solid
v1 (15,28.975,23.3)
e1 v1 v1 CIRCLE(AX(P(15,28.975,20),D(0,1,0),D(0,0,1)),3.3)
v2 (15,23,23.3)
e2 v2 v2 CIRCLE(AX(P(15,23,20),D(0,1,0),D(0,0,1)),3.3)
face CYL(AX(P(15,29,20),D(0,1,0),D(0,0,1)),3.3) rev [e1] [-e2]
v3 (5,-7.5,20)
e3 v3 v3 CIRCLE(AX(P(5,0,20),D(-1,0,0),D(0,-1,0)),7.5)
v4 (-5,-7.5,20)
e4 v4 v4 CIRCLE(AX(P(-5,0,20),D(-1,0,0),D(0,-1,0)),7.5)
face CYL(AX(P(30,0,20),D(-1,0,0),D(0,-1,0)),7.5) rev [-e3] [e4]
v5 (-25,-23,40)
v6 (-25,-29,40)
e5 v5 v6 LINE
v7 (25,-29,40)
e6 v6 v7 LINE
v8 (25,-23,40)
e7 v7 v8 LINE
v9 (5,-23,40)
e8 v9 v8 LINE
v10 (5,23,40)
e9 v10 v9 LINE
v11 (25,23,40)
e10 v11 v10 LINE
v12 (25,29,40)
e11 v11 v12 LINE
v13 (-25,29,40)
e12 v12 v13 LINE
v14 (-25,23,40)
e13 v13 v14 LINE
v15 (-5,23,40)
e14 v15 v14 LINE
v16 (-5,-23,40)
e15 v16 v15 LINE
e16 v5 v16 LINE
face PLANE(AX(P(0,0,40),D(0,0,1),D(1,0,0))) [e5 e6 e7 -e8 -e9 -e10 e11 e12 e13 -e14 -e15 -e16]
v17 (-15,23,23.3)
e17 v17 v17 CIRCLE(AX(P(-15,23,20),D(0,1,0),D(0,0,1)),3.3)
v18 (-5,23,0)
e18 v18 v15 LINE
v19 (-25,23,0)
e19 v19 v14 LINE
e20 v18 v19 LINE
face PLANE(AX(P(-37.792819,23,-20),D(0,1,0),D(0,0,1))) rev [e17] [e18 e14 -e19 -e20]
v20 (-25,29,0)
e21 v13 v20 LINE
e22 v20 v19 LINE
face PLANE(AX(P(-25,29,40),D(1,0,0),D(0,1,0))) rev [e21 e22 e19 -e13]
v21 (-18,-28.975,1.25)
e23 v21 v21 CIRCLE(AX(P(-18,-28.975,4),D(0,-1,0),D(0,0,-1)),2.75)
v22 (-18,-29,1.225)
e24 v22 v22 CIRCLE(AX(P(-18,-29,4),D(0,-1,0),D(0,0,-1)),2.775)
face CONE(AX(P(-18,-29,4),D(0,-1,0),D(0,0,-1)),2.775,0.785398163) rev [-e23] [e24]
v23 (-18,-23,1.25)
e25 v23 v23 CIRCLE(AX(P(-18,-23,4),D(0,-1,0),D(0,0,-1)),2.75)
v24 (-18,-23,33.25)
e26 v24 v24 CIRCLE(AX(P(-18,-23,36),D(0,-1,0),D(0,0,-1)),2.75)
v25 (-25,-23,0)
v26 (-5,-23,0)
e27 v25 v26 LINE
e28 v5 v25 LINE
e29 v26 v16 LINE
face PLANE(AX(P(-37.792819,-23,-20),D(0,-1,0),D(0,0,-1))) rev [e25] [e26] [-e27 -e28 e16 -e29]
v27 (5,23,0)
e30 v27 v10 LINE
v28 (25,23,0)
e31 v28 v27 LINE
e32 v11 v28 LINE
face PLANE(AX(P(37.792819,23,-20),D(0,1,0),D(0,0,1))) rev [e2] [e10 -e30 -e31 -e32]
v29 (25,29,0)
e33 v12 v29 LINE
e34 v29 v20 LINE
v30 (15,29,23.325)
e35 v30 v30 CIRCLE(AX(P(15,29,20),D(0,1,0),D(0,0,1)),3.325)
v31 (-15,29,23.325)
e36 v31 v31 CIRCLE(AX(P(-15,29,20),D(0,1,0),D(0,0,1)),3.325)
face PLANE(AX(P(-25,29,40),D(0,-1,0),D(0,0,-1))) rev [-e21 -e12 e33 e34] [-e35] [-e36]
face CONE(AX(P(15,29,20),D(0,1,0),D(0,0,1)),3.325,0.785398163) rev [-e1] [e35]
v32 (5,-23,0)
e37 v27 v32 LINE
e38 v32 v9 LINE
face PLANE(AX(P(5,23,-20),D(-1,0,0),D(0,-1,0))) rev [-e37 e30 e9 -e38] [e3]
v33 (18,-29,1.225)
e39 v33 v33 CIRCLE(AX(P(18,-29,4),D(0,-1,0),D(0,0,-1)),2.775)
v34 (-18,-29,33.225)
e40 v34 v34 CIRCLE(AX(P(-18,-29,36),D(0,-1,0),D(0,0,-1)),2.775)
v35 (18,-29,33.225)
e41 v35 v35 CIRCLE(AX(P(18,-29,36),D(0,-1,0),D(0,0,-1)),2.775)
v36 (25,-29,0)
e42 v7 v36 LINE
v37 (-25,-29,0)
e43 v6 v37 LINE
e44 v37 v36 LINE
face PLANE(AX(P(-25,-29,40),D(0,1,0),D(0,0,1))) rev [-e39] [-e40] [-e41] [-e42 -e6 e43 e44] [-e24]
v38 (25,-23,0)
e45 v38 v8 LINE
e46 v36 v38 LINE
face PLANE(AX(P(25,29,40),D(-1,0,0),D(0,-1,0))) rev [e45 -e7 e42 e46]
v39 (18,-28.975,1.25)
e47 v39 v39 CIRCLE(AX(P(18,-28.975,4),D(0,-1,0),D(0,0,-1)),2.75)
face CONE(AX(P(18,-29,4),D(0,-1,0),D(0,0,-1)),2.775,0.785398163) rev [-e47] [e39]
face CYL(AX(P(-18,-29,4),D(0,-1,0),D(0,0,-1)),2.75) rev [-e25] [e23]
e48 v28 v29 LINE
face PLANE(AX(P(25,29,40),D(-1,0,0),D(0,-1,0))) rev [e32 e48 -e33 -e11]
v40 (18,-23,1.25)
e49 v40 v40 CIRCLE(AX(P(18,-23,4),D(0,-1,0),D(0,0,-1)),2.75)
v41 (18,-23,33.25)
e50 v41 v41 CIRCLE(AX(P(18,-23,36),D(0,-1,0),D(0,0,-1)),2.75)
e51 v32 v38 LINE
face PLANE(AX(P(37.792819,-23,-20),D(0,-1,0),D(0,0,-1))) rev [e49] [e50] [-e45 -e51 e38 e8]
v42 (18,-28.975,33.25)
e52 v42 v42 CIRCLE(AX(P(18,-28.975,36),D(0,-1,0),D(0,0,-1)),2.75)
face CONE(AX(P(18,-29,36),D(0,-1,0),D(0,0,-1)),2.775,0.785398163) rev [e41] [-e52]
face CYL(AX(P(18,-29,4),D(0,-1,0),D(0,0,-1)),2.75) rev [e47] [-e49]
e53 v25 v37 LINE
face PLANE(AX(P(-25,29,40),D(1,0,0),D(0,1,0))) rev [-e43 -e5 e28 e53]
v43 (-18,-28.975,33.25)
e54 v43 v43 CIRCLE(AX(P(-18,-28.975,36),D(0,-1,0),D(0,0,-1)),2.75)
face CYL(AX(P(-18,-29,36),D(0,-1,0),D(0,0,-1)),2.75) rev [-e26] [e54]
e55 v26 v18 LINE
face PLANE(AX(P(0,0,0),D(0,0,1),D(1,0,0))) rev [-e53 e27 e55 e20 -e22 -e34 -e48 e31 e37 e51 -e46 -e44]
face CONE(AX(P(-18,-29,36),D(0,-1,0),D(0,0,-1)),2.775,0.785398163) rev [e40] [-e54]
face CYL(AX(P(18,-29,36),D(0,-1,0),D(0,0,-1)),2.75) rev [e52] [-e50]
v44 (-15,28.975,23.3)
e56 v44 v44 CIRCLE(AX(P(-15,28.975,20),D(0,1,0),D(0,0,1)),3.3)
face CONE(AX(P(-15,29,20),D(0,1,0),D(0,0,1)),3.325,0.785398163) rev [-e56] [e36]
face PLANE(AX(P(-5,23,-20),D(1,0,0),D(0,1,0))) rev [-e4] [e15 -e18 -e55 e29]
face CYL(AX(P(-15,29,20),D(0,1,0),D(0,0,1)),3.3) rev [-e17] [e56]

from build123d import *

# Parameters (mm, degrees)
SKETCH_1_W                   = 50
SKETCH_1_H                   = 58
EXTRUDE_1_DEPTH              = 40
SKETCH_2_W                   = 32.792818714
SKETCH_2_H                   = 46
CUT_EXTRUDE_1_DEPTH          = 60
SKETCH_3_R                   = 7.5
CUT_EXTRUDE_2_DEPTH          = 35
HOLE_WIZARD_M5_1_D           = 5.5
HOLE_WIZARD_M5_1_DEPTH       = 17
HOLE_WIZARD_M5_1_CSINK_D     = 5.55
HOLE_WIZARD_M5_1_CSINK_ANGLE = 90
HOLE_WIZARD_M5_1_TIP         = 1.652366702
HOLE_WIZARD_M6_1_D           = 6.6
HOLE_WIZARD_M6_1_DEPTH       = 17
HOLE_WIZARD_M6_1_CSINK_D     = 6.65
HOLE_WIZARD_M6_1_CSINK_ANGLE = 90
HOLE_WIZARD_M6_1_TIP         = 1.982840043


with BuildPart() as part:
    # 草图1 → 凸台-拉伸1 (new body)
    with BuildSketch(Plane.XY):
        Rectangle(SKETCH_1_W, SKETCH_1_H)
    extrude(amount=EXTRUDE_1_DEPTH)

    # 草图2 → 切除-拉伸1 (cut)
    with BuildSketch(Plane.XY.offset(40)):
        with Locations((-21.396409357, 0)):
            Rectangle(SKETCH_2_W, SKETCH_2_H)
        with Locations((21.396409357, 0)):
            Rectangle(SKETCH_2_W, SKETCH_2_H)
    extrude(amount=-CUT_EXTRUDE_1_DEPTH, mode=Mode.SUBTRACT)

    # 草图3 → 切除-拉伸2 (cut)
    with BuildSketch(Plane.ZY.offset(5)):
        with Locations((20, 0)):
            Circle(SKETCH_3_R)
    extrude(amount=-CUT_EXTRUDE_2_DEPTH, mode=Mode.SUBTRACT)

    # M5 间隙槽口1
    with Locations(Plane(origin=(0, -29, 0), x_dir=(-1, 0, 0), z_dir=(0, -1, 0))):
        with Locations((-18, -4), (18, -4), (18, -36), (-18, -36)):
            CounterSinkHole(HOLE_WIZARD_M5_1_D / 2, HOLE_WIZARD_M5_1_CSINK_D / 2, depth=HOLE_WIZARD_M5_1_DEPTH, counter_sink_angle=HOLE_WIZARD_M5_1_CSINK_ANGLE)
            with Locations((0, 0, -(HOLE_WIZARD_M5_1_DEPTH + HOLE_WIZARD_M5_1_TIP / 2))):  # 118° drill point
                Cone(0, HOLE_WIZARD_M5_1_D / 2, HOLE_WIZARD_M5_1_TIP, mode=Mode.SUBTRACT)

    # M6 间隙槽口1
    with Locations(Plane(origin=(0, 29, 0), x_dir=(1, 0, 0), z_dir=(0, 1, 0))):
        with Locations((-15, -20), (15, -20)):
            CounterSinkHole(HOLE_WIZARD_M6_1_D / 2, HOLE_WIZARD_M6_1_CSINK_D / 2, depth=HOLE_WIZARD_M6_1_DEPTH, counter_sink_angle=HOLE_WIZARD_M6_1_CSINK_ANGLE)
            with Locations((0, 0, -(HOLE_WIZARD_M6_1_DEPTH + HOLE_WIZARD_M6_1_TIP / 2))):  # 118° drill point
                Cone(0, HOLE_WIZARD_M6_1_D / 2, HOLE_WIZARD_M6_1_TIP, mode=Mode.SUBTRACT)


solid = part.part
